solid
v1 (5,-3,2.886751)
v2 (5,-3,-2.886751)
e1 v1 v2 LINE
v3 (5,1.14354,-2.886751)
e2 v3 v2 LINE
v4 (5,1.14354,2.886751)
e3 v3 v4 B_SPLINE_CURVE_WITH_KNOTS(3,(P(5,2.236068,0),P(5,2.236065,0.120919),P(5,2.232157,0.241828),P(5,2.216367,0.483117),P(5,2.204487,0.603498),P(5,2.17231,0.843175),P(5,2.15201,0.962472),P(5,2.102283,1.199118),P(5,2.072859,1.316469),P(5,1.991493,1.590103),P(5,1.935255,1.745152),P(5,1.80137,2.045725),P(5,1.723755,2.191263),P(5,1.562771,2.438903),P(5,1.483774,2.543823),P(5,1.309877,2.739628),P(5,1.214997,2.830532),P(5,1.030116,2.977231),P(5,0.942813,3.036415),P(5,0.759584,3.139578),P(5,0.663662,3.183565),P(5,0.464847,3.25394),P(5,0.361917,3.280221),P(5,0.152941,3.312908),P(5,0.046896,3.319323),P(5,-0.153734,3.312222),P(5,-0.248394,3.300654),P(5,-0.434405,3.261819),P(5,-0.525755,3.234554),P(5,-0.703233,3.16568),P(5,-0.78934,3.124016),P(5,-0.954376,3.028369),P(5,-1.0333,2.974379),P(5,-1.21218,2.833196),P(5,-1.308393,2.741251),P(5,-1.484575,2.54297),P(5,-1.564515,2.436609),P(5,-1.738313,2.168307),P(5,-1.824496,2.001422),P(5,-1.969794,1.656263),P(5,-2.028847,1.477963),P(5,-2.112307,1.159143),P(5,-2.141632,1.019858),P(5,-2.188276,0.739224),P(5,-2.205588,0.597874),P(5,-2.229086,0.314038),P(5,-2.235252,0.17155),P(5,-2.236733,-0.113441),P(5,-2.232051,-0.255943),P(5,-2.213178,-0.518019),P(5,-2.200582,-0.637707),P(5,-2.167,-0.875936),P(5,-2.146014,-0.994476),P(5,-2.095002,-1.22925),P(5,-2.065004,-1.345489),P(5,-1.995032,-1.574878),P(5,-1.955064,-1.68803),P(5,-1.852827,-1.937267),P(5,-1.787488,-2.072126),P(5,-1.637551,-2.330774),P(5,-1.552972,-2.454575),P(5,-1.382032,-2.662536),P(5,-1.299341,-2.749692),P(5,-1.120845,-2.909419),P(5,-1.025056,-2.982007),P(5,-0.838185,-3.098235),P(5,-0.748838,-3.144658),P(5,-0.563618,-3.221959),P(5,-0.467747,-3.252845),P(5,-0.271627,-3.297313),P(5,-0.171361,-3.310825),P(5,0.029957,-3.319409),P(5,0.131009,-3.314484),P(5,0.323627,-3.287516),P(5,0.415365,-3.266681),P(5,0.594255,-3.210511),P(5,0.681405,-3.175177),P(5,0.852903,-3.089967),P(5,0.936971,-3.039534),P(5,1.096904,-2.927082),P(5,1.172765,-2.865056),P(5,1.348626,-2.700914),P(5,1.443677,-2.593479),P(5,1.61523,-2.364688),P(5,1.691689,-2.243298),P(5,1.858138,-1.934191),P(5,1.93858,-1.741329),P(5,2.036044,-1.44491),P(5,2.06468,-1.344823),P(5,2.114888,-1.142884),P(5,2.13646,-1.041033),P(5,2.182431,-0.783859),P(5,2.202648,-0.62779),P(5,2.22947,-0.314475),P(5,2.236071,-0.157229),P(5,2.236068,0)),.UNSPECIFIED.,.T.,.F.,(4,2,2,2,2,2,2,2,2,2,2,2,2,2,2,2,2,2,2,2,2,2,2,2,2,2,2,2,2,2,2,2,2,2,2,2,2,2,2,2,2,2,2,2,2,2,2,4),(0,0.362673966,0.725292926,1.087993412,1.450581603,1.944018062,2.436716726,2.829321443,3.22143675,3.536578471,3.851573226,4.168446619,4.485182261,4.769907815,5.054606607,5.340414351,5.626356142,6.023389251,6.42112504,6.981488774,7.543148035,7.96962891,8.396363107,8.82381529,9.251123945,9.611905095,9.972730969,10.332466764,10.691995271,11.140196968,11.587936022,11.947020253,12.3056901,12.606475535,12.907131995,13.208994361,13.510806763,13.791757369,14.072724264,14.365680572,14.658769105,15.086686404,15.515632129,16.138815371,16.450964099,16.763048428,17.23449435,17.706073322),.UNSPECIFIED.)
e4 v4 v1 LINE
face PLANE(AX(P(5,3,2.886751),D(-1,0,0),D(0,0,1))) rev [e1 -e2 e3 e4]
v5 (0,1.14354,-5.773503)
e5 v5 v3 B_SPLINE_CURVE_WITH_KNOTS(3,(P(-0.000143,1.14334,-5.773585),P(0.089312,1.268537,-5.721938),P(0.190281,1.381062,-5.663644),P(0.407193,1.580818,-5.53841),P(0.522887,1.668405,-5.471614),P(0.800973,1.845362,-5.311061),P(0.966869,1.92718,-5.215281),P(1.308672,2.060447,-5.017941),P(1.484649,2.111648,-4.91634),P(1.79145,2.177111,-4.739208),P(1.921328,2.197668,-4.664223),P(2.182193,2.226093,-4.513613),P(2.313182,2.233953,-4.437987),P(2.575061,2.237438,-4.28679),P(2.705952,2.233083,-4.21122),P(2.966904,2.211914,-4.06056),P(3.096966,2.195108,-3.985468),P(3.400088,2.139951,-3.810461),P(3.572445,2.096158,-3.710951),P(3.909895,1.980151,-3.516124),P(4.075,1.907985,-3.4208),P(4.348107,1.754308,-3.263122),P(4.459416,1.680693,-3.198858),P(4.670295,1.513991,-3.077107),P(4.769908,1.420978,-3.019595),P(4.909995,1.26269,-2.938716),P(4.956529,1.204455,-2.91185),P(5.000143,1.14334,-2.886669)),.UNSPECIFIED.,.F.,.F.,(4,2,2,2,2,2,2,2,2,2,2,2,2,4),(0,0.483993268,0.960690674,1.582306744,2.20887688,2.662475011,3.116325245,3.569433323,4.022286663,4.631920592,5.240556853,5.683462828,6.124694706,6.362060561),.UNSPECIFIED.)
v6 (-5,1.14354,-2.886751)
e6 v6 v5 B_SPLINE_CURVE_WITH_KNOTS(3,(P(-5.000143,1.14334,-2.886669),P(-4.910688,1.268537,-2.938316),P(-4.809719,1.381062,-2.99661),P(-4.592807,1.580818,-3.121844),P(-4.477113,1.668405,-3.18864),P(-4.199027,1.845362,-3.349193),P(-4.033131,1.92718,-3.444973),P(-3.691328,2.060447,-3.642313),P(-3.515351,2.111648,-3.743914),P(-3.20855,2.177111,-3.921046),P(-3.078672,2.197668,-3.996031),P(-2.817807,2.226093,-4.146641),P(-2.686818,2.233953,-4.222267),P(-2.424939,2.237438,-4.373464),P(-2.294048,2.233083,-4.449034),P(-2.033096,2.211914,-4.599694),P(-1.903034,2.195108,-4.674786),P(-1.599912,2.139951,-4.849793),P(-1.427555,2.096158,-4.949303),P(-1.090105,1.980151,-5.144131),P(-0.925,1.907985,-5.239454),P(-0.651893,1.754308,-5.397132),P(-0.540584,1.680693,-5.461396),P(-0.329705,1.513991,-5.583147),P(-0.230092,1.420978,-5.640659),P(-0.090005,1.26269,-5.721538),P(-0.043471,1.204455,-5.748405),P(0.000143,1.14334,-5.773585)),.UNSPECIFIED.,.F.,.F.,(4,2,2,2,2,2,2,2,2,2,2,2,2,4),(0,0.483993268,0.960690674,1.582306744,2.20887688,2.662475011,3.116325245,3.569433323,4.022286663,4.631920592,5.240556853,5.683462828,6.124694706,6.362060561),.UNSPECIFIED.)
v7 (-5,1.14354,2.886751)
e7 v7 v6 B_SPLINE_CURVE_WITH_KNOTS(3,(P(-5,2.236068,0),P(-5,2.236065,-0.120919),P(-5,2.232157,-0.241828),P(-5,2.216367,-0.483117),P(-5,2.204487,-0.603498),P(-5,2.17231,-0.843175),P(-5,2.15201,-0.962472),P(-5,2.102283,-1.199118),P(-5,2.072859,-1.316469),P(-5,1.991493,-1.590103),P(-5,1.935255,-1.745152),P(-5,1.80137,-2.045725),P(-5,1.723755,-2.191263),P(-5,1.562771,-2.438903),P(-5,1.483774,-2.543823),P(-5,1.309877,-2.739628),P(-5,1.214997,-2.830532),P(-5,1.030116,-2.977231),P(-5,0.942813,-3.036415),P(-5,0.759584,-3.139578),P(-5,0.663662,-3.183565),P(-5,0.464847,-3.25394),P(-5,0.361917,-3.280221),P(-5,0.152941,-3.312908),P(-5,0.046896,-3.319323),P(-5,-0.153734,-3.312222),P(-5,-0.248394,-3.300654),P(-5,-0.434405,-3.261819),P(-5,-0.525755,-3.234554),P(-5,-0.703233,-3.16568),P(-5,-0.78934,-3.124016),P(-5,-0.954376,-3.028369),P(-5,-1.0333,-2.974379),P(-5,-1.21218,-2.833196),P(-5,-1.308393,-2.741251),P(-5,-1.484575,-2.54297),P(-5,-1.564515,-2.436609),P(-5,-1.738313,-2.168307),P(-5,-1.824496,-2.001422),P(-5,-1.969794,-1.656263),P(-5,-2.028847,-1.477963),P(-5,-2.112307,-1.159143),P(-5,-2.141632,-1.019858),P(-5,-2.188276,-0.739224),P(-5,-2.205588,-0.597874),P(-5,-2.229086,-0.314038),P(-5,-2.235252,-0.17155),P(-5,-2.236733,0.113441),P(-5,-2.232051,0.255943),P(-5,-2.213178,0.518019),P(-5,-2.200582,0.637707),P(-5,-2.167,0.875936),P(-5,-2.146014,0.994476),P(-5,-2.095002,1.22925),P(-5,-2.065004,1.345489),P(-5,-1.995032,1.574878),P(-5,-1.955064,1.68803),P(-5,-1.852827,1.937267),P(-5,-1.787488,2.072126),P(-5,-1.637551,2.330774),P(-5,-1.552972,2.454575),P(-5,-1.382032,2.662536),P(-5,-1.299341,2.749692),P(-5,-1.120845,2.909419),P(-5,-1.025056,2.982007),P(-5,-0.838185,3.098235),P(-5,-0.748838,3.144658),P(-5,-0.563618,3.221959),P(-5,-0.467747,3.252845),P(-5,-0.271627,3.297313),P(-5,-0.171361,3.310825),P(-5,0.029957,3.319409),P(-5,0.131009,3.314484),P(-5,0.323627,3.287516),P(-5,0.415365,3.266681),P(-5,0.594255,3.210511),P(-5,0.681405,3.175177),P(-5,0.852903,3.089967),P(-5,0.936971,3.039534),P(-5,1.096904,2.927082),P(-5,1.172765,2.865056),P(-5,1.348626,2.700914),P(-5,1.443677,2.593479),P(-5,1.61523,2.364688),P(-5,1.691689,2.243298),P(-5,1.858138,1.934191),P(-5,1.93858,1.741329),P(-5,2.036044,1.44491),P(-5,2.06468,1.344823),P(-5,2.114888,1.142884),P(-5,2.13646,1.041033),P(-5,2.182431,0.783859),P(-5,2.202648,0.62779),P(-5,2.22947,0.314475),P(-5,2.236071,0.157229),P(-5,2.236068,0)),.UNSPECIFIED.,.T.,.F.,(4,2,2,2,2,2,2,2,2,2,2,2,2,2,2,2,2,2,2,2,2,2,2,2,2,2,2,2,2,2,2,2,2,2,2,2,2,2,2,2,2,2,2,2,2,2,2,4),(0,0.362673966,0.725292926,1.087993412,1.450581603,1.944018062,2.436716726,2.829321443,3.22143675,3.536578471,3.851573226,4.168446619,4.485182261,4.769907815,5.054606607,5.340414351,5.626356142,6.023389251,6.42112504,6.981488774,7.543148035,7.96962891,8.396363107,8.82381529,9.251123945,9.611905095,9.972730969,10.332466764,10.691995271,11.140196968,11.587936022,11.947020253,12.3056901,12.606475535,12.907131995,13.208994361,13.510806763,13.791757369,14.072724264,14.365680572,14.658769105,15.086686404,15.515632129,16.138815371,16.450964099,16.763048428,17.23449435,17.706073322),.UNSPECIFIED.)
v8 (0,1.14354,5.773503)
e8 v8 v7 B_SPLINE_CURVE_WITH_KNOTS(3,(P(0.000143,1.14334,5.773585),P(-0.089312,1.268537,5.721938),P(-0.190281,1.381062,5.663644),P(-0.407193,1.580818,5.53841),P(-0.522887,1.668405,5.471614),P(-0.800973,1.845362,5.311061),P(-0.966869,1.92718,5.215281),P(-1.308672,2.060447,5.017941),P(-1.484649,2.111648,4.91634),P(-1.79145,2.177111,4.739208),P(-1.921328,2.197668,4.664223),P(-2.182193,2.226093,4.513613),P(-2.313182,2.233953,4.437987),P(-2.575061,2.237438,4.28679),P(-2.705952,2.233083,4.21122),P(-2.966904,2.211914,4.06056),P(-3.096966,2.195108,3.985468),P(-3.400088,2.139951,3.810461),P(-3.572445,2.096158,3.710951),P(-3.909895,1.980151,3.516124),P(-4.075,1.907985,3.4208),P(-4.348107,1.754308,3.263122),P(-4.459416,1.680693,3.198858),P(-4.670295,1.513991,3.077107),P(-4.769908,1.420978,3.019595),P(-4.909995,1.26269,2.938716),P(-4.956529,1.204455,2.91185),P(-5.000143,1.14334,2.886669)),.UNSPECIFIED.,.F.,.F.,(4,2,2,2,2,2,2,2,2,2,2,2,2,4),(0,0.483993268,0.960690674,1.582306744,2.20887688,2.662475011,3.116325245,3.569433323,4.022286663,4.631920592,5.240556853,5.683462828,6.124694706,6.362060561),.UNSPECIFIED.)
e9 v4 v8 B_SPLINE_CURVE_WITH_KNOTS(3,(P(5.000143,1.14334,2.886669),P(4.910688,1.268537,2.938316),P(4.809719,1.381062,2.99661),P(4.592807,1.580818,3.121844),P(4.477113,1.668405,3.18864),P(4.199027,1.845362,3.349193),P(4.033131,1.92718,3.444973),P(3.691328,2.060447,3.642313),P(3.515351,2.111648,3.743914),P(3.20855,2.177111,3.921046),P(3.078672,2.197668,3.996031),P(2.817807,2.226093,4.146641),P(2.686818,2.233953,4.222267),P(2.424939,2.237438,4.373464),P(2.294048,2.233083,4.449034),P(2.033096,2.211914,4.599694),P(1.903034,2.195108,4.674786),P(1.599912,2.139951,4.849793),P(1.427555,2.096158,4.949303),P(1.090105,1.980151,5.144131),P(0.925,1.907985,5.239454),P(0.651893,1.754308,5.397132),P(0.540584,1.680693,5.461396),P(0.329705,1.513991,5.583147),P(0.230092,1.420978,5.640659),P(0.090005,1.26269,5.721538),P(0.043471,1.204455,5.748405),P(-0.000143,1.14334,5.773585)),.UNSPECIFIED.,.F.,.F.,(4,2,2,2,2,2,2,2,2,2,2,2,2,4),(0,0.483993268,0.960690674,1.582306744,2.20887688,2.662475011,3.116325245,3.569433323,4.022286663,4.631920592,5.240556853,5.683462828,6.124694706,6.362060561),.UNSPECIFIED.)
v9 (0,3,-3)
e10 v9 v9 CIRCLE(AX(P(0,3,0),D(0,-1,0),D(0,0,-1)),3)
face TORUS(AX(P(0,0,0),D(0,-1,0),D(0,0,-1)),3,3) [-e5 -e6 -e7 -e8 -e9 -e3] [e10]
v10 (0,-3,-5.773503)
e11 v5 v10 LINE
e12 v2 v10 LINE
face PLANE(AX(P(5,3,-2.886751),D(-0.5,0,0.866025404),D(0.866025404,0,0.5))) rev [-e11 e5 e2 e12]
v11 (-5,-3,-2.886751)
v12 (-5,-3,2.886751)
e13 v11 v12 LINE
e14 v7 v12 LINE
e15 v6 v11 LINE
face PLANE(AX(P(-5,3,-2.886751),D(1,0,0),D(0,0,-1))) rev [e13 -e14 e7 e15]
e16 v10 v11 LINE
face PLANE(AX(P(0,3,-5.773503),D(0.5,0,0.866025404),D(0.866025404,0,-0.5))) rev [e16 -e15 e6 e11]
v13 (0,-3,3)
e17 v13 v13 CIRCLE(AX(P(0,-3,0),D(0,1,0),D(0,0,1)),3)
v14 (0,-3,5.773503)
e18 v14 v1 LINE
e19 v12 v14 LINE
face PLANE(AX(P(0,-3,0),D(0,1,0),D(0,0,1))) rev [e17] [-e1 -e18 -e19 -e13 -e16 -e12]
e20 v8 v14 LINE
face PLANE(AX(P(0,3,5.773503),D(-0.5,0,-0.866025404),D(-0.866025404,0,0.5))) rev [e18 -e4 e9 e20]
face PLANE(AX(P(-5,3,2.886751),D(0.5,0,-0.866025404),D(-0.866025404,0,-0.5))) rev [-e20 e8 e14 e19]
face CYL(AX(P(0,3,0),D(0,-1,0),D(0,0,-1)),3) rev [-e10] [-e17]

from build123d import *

# Parameters (mm, degrees)
SKETCH3_R           = 3
BOSS_EXTRUDE1_DEPTH = 3


with BuildPart() as part:
    # Sketch3 → Boss-Extrude1 (new, symmetric)
    with BuildSketch(Plane(origin=(0, 0, 0), x_dir=(1, 0, 0), z_dir=(0, 1, 0))):
        Polygon((5, 2.886751346), (0, 5.773502692), (-5, 2.886751346), (-5, -2.886751346), (0, -5.773502692), (5, -2.886751346), align=None)
        Circle(SKETCH3_R, mode=Mode.SUBTRACT)
    extrude(amount=BOSS_EXTRUDE1_DEPTH, both=True)

    # Sketch5 → Cut-Revolve1 (revolve, cut)
    with BuildSketch(Plane(origin=(0, 0, 0), x_dir=(0, 0, -1), z_dir=(1, 0, 0))):
        with BuildLine():
            Line((3, 3), (5.773502692, 3))
            Line((5.773502692, 3), (5.773502692, 1.143539601))
            ThreePointArc((5.773502692, 1.143539601), (4.668739224, 2.493052226), (3, 3))
        make_face()
    revolve(axis=Axis((0, 0, 0), (0, 1, 0)), mode=Mode.SUBTRACT)


solid = part.part
